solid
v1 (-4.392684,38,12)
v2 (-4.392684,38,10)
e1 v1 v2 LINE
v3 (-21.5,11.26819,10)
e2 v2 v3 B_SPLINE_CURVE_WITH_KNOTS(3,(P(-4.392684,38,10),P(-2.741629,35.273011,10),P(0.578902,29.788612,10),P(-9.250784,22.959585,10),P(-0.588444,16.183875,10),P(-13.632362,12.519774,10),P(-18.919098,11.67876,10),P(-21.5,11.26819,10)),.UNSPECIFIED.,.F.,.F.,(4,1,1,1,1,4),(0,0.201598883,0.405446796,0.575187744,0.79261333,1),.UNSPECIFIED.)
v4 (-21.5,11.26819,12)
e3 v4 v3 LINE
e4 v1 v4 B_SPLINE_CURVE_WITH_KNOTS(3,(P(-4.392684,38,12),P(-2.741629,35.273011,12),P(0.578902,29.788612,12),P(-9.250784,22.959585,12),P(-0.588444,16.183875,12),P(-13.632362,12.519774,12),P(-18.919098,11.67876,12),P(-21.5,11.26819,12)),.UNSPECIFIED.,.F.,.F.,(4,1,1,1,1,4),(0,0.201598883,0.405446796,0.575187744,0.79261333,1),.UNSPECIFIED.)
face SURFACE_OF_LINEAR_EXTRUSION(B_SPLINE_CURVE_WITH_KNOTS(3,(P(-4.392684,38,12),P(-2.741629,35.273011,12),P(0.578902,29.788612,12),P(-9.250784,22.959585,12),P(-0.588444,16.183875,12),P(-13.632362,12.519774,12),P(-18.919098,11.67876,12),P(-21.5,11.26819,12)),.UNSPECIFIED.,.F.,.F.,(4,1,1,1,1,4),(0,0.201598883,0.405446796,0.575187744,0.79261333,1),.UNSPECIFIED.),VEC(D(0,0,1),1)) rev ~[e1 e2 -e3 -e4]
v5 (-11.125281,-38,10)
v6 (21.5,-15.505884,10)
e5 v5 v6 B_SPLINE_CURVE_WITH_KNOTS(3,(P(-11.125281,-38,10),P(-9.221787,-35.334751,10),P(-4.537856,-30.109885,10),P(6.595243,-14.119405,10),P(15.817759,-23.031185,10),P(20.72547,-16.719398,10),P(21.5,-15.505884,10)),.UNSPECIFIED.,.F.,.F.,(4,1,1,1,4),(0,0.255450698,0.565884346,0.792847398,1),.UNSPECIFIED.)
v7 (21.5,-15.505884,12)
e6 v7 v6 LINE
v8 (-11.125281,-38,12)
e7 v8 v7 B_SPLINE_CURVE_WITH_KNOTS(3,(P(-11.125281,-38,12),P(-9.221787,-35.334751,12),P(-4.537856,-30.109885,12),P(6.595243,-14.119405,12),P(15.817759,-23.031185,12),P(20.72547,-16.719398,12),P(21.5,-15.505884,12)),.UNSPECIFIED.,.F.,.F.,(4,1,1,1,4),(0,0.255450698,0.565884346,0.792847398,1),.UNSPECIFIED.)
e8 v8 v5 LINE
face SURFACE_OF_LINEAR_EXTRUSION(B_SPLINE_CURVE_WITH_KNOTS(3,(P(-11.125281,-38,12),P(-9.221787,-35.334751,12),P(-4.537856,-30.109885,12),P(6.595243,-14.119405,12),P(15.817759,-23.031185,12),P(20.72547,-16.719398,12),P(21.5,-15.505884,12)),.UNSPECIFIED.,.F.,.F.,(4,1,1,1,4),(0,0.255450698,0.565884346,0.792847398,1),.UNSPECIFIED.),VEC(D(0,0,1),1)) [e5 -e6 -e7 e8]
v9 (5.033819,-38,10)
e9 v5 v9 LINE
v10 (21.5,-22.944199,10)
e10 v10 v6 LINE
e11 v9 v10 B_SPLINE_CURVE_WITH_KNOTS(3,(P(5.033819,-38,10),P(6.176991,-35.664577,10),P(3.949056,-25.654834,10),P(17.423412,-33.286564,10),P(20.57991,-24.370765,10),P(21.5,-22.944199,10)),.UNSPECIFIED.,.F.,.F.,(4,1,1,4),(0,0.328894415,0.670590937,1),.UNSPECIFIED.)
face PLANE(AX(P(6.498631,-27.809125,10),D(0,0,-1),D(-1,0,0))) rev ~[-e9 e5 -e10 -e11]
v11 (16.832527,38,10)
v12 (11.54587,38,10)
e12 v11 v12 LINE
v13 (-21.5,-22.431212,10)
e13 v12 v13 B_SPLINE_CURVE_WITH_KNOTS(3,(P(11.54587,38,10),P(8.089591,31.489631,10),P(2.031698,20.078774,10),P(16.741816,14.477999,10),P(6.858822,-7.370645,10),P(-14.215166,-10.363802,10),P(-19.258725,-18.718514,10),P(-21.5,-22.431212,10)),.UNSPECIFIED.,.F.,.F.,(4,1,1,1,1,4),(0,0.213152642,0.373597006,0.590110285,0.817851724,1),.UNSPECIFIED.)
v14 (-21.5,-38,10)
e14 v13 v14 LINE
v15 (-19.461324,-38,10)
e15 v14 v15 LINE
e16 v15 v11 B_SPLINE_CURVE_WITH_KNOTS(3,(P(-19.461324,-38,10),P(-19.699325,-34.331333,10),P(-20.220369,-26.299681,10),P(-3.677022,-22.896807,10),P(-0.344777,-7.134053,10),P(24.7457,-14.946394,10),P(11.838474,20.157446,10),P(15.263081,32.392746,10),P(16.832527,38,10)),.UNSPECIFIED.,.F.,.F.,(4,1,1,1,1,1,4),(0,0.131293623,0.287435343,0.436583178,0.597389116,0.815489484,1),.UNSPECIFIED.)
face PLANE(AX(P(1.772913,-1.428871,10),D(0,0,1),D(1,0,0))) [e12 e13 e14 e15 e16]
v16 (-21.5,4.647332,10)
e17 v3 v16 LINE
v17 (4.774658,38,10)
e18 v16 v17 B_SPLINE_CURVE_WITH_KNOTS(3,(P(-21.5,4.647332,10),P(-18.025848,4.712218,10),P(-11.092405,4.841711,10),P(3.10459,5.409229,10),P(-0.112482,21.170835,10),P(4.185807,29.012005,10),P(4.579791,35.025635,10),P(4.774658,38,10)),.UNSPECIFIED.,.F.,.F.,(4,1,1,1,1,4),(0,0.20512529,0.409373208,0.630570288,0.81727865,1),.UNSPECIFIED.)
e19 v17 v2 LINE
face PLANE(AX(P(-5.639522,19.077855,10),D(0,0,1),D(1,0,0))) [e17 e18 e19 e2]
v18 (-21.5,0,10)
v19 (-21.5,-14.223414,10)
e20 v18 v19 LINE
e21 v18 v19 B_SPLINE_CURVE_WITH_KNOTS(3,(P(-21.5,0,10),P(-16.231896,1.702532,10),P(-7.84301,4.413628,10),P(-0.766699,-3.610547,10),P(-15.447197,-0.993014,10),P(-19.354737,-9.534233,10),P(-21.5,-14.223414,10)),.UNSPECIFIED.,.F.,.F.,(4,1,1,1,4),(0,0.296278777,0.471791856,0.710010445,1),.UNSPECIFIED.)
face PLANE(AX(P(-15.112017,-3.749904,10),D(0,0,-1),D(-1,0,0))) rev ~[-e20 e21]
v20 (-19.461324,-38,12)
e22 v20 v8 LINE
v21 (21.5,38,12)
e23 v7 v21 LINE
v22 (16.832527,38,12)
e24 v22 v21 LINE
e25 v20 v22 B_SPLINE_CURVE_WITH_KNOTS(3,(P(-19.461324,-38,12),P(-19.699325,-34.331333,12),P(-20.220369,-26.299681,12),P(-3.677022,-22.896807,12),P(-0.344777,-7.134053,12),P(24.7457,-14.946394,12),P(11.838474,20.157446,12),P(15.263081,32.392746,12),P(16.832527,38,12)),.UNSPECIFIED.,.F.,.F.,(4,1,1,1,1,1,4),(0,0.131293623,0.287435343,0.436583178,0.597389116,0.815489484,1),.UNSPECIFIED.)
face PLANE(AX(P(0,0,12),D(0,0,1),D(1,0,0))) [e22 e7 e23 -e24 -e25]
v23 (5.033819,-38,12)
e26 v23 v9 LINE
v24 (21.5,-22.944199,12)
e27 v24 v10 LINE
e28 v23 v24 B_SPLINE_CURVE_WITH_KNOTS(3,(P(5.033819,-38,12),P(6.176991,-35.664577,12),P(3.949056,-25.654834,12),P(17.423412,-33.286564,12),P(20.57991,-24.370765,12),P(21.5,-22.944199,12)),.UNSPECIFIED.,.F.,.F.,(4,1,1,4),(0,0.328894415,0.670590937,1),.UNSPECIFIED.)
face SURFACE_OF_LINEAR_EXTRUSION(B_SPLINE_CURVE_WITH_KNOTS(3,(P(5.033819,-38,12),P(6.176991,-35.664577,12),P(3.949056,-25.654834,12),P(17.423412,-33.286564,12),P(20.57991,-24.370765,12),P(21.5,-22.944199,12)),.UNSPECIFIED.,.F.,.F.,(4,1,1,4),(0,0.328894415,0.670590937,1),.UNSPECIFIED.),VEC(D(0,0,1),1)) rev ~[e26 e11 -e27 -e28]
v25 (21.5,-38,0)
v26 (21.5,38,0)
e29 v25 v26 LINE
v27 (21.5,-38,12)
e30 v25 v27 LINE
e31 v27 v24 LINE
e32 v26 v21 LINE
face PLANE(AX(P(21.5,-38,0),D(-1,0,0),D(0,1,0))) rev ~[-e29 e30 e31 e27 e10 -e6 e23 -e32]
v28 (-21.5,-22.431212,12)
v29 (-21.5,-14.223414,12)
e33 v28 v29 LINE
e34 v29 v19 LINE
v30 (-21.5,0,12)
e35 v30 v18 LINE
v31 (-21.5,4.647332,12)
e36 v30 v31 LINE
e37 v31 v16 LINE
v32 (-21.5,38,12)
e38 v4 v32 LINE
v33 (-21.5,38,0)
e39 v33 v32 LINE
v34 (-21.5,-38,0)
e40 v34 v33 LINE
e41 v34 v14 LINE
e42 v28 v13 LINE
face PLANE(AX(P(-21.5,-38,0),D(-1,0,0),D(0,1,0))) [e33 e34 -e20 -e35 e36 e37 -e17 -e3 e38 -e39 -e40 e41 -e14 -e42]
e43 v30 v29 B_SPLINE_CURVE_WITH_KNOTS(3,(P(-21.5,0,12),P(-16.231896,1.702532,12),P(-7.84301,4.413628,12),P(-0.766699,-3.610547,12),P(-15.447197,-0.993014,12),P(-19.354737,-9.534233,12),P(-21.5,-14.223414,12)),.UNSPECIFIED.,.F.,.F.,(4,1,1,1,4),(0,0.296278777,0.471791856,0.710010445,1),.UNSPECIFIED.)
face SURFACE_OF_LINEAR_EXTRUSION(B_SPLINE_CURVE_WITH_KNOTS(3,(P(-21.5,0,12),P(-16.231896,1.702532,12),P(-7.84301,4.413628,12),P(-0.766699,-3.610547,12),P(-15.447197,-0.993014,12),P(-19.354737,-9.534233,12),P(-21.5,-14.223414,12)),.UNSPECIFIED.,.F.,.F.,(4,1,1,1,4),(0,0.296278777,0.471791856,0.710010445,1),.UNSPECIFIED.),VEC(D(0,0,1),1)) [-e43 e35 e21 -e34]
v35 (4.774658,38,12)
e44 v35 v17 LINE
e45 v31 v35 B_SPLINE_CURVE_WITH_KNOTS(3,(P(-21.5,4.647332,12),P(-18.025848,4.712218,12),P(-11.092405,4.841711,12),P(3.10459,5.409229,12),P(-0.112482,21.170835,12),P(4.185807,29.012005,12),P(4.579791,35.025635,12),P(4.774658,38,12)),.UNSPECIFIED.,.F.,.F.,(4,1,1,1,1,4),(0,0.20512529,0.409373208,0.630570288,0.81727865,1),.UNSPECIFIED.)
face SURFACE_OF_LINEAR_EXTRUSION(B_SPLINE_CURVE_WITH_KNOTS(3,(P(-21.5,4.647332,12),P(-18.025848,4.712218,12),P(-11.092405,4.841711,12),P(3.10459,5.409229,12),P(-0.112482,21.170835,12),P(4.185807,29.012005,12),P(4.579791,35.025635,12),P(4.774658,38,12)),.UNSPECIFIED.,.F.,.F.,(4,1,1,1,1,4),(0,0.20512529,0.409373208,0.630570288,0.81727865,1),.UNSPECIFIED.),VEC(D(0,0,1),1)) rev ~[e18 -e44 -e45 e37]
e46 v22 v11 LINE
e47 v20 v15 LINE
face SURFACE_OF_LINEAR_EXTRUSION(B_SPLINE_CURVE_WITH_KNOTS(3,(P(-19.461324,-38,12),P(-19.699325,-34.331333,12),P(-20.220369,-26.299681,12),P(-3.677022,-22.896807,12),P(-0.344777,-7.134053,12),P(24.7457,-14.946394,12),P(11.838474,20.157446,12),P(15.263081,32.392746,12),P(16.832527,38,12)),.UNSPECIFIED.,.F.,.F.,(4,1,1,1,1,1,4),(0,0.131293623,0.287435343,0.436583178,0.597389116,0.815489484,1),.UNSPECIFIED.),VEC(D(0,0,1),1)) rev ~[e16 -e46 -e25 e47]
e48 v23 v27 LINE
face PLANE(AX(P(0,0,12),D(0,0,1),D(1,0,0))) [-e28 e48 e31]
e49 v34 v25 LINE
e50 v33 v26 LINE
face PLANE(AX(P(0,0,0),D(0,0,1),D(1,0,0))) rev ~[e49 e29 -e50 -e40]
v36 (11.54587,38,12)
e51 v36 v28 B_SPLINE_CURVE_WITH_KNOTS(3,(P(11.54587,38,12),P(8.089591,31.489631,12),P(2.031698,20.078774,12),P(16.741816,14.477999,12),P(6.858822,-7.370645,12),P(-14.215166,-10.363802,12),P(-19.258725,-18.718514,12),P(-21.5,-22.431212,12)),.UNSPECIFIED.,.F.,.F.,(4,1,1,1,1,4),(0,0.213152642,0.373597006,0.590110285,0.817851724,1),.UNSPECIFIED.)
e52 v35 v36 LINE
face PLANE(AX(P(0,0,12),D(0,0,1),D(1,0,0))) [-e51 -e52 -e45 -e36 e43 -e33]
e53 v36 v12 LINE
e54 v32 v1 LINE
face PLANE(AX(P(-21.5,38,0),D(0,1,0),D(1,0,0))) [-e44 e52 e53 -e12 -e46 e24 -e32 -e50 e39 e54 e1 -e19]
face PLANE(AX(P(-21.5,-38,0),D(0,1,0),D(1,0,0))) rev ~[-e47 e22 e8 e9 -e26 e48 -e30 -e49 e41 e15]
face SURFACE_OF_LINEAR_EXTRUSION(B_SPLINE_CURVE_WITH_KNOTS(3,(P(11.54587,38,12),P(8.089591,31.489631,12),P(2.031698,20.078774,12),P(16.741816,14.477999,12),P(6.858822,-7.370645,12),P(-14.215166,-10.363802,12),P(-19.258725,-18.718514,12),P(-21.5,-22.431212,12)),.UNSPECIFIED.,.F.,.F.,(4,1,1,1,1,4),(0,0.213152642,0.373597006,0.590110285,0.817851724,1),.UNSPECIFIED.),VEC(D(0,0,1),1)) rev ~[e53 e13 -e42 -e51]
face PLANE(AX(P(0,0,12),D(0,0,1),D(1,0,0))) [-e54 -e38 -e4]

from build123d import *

# Parameters (mm, degrees)
F0_W     = 43
F0_H     = 76
F1_DEPTH = 12
F3_DEPTH = 2


with BuildPart() as f1:
    # F0 (on Top) → F1 (new body)
    with BuildSketch(Plane.XY):
        Rectangle(F0_W, F0_H)
    extrude(amount=F1_DEPTH)

    # F2 (on face) → F3 (cut)
    with BuildSketch(Plane.XY.offset(12)):
        with BuildLine():
            Line((4.7746575437, 38), (-4.3926844373, 38))
            add(Edge.make_bspline(
                [(-4.3926844373, 38), (-2.7416285758, 35.2730114578), (0.5789022653, 29.7886121903), (-9.2507842793, 22.9595849325), (-0.5884437054, 16.1838751695), (-13.6323619682, 12.519773754), (-18.919098347, 11.6787598735), (-21.5, 11.2681901082)],
                knots=[0, 0, 0, 0, 0.2015988832, 0.405446796, 0.5751877442, 0.7926133299, 1, 1, 1, 1], degree=3))
            Line((-21.5, 11.2681901082), (-21.5, 4.6473322436))
            add(Edge.make_bspline(
                [(-21.5, 4.6473322436), (-18.0258483584, 4.7122175176), (-11.092404907, 4.8417105346), (3.1045902573, 5.4092291407), (-0.1124820219, 21.1708345648), (4.1858073519, 29.0120048557), (4.5797914835, 35.0256353356), (4.7746575437, 38)],
                knots=[0, 0, 0, 0, 0.2051252903, 0.4093732075, 0.6305702883, 0.8172786499, 1, 1, 1, 1], degree=3))
        make_face()
        with BuildLine():
            Line((16.8325267732, 38), (11.5458704531, 38))
            add(Edge.make_bspline(
                [(11.5458704531, 38), (8.0895907159, 31.4896310539), (2.0316983504, 20.0787739084), (16.7418157626, 14.4779990505), (6.8588217332, -7.3706452333), (-14.2151662266, -10.3638023014), (-19.2587250618, -18.7185143522), (-21.5, -22.4312115461)],
                knots=[0, 0, 0, 0, 0.2131526418, 0.373597006, 0.5901102852, 0.8178517243, 1, 1, 1, 1], degree=3))
            Line((-21.5, -22.4312115461), (-21.5, -38))
            Line((-21.5, -38), (-19.4613244385, -38))
            add(Edge.make_bspline(
                [(-19.4613244385, -38), (-19.6993250806, -34.3313325748), (-20.2203693972, -26.2996806693), (-3.6770222481, -22.8968072109), (-0.3447766381, -7.1340531711), (24.7456998219, -14.9463940154), (11.8384738268, 20.157446284), (15.2630808527, 32.3927460439), (16.8325267732, 38)],
                knots=[0, 0, 0, 0, 0.1312936233, 0.2874353429, 0.4365831783, 0.5973891161, 0.815489484, 1, 1, 1, 1], degree=3))
        make_face()
        with BuildLine():
            add(Edge.make_bspline(
                [(-21.5, 0), (-16.2318955614, 1.7025315027), (-7.8430099282, 4.4136284883), (-0.7666988609, -3.6105474344), (-15.4471970012, -0.9930144481), (-19.3547365121, -9.5342326001), (-21.5, -14.2234144732)],
                knots=[0, 0, 0, 0, 0.2962787766, 0.4717918563, 0.7100104448, 1, 1, 1, 1], degree=3))
            Line((-21.5, 0), (-21.5, -14.2234144732))
        make_face()
        with BuildLine():
            add(Edge.make_bspline(
                [(-11.1252805218, -38), (-9.2217871314, -35.3347510331), (-4.53785595, -30.1098850071), (6.5952426749, -14.1194046925), (15.8177592382, -23.0311850077), (20.7254704594, -16.7193983978), (21.5, -15.5058838427)],
                knots=[0, 0, 0, 0, 0.2554506979, 0.5658843456, 0.7928473981, 1, 1, 1, 1], degree=3))
            Line((-11.1252805218, -38), (5.0338190049, -38))
            add(Edge.make_bspline(
                [(5.0338190049, -38), (6.1769908594, -35.6645769777), (3.9490563868, -25.654834058), (17.423412312, -33.2865635661), (20.5799096489, -24.3707650438), (21.5, -22.9441989213)],
                knots=[0, 0, 0, 0, 0.3288944155, 0.670590937, 1, 1, 1, 1], degree=3))
            Line((21.5, -22.9441989213), (21.5, -15.5058838427))
        make_face()
    extrude(amount=-F3_DEPTH, mode=Mode.SUBTRACT)


solid = f1.part
